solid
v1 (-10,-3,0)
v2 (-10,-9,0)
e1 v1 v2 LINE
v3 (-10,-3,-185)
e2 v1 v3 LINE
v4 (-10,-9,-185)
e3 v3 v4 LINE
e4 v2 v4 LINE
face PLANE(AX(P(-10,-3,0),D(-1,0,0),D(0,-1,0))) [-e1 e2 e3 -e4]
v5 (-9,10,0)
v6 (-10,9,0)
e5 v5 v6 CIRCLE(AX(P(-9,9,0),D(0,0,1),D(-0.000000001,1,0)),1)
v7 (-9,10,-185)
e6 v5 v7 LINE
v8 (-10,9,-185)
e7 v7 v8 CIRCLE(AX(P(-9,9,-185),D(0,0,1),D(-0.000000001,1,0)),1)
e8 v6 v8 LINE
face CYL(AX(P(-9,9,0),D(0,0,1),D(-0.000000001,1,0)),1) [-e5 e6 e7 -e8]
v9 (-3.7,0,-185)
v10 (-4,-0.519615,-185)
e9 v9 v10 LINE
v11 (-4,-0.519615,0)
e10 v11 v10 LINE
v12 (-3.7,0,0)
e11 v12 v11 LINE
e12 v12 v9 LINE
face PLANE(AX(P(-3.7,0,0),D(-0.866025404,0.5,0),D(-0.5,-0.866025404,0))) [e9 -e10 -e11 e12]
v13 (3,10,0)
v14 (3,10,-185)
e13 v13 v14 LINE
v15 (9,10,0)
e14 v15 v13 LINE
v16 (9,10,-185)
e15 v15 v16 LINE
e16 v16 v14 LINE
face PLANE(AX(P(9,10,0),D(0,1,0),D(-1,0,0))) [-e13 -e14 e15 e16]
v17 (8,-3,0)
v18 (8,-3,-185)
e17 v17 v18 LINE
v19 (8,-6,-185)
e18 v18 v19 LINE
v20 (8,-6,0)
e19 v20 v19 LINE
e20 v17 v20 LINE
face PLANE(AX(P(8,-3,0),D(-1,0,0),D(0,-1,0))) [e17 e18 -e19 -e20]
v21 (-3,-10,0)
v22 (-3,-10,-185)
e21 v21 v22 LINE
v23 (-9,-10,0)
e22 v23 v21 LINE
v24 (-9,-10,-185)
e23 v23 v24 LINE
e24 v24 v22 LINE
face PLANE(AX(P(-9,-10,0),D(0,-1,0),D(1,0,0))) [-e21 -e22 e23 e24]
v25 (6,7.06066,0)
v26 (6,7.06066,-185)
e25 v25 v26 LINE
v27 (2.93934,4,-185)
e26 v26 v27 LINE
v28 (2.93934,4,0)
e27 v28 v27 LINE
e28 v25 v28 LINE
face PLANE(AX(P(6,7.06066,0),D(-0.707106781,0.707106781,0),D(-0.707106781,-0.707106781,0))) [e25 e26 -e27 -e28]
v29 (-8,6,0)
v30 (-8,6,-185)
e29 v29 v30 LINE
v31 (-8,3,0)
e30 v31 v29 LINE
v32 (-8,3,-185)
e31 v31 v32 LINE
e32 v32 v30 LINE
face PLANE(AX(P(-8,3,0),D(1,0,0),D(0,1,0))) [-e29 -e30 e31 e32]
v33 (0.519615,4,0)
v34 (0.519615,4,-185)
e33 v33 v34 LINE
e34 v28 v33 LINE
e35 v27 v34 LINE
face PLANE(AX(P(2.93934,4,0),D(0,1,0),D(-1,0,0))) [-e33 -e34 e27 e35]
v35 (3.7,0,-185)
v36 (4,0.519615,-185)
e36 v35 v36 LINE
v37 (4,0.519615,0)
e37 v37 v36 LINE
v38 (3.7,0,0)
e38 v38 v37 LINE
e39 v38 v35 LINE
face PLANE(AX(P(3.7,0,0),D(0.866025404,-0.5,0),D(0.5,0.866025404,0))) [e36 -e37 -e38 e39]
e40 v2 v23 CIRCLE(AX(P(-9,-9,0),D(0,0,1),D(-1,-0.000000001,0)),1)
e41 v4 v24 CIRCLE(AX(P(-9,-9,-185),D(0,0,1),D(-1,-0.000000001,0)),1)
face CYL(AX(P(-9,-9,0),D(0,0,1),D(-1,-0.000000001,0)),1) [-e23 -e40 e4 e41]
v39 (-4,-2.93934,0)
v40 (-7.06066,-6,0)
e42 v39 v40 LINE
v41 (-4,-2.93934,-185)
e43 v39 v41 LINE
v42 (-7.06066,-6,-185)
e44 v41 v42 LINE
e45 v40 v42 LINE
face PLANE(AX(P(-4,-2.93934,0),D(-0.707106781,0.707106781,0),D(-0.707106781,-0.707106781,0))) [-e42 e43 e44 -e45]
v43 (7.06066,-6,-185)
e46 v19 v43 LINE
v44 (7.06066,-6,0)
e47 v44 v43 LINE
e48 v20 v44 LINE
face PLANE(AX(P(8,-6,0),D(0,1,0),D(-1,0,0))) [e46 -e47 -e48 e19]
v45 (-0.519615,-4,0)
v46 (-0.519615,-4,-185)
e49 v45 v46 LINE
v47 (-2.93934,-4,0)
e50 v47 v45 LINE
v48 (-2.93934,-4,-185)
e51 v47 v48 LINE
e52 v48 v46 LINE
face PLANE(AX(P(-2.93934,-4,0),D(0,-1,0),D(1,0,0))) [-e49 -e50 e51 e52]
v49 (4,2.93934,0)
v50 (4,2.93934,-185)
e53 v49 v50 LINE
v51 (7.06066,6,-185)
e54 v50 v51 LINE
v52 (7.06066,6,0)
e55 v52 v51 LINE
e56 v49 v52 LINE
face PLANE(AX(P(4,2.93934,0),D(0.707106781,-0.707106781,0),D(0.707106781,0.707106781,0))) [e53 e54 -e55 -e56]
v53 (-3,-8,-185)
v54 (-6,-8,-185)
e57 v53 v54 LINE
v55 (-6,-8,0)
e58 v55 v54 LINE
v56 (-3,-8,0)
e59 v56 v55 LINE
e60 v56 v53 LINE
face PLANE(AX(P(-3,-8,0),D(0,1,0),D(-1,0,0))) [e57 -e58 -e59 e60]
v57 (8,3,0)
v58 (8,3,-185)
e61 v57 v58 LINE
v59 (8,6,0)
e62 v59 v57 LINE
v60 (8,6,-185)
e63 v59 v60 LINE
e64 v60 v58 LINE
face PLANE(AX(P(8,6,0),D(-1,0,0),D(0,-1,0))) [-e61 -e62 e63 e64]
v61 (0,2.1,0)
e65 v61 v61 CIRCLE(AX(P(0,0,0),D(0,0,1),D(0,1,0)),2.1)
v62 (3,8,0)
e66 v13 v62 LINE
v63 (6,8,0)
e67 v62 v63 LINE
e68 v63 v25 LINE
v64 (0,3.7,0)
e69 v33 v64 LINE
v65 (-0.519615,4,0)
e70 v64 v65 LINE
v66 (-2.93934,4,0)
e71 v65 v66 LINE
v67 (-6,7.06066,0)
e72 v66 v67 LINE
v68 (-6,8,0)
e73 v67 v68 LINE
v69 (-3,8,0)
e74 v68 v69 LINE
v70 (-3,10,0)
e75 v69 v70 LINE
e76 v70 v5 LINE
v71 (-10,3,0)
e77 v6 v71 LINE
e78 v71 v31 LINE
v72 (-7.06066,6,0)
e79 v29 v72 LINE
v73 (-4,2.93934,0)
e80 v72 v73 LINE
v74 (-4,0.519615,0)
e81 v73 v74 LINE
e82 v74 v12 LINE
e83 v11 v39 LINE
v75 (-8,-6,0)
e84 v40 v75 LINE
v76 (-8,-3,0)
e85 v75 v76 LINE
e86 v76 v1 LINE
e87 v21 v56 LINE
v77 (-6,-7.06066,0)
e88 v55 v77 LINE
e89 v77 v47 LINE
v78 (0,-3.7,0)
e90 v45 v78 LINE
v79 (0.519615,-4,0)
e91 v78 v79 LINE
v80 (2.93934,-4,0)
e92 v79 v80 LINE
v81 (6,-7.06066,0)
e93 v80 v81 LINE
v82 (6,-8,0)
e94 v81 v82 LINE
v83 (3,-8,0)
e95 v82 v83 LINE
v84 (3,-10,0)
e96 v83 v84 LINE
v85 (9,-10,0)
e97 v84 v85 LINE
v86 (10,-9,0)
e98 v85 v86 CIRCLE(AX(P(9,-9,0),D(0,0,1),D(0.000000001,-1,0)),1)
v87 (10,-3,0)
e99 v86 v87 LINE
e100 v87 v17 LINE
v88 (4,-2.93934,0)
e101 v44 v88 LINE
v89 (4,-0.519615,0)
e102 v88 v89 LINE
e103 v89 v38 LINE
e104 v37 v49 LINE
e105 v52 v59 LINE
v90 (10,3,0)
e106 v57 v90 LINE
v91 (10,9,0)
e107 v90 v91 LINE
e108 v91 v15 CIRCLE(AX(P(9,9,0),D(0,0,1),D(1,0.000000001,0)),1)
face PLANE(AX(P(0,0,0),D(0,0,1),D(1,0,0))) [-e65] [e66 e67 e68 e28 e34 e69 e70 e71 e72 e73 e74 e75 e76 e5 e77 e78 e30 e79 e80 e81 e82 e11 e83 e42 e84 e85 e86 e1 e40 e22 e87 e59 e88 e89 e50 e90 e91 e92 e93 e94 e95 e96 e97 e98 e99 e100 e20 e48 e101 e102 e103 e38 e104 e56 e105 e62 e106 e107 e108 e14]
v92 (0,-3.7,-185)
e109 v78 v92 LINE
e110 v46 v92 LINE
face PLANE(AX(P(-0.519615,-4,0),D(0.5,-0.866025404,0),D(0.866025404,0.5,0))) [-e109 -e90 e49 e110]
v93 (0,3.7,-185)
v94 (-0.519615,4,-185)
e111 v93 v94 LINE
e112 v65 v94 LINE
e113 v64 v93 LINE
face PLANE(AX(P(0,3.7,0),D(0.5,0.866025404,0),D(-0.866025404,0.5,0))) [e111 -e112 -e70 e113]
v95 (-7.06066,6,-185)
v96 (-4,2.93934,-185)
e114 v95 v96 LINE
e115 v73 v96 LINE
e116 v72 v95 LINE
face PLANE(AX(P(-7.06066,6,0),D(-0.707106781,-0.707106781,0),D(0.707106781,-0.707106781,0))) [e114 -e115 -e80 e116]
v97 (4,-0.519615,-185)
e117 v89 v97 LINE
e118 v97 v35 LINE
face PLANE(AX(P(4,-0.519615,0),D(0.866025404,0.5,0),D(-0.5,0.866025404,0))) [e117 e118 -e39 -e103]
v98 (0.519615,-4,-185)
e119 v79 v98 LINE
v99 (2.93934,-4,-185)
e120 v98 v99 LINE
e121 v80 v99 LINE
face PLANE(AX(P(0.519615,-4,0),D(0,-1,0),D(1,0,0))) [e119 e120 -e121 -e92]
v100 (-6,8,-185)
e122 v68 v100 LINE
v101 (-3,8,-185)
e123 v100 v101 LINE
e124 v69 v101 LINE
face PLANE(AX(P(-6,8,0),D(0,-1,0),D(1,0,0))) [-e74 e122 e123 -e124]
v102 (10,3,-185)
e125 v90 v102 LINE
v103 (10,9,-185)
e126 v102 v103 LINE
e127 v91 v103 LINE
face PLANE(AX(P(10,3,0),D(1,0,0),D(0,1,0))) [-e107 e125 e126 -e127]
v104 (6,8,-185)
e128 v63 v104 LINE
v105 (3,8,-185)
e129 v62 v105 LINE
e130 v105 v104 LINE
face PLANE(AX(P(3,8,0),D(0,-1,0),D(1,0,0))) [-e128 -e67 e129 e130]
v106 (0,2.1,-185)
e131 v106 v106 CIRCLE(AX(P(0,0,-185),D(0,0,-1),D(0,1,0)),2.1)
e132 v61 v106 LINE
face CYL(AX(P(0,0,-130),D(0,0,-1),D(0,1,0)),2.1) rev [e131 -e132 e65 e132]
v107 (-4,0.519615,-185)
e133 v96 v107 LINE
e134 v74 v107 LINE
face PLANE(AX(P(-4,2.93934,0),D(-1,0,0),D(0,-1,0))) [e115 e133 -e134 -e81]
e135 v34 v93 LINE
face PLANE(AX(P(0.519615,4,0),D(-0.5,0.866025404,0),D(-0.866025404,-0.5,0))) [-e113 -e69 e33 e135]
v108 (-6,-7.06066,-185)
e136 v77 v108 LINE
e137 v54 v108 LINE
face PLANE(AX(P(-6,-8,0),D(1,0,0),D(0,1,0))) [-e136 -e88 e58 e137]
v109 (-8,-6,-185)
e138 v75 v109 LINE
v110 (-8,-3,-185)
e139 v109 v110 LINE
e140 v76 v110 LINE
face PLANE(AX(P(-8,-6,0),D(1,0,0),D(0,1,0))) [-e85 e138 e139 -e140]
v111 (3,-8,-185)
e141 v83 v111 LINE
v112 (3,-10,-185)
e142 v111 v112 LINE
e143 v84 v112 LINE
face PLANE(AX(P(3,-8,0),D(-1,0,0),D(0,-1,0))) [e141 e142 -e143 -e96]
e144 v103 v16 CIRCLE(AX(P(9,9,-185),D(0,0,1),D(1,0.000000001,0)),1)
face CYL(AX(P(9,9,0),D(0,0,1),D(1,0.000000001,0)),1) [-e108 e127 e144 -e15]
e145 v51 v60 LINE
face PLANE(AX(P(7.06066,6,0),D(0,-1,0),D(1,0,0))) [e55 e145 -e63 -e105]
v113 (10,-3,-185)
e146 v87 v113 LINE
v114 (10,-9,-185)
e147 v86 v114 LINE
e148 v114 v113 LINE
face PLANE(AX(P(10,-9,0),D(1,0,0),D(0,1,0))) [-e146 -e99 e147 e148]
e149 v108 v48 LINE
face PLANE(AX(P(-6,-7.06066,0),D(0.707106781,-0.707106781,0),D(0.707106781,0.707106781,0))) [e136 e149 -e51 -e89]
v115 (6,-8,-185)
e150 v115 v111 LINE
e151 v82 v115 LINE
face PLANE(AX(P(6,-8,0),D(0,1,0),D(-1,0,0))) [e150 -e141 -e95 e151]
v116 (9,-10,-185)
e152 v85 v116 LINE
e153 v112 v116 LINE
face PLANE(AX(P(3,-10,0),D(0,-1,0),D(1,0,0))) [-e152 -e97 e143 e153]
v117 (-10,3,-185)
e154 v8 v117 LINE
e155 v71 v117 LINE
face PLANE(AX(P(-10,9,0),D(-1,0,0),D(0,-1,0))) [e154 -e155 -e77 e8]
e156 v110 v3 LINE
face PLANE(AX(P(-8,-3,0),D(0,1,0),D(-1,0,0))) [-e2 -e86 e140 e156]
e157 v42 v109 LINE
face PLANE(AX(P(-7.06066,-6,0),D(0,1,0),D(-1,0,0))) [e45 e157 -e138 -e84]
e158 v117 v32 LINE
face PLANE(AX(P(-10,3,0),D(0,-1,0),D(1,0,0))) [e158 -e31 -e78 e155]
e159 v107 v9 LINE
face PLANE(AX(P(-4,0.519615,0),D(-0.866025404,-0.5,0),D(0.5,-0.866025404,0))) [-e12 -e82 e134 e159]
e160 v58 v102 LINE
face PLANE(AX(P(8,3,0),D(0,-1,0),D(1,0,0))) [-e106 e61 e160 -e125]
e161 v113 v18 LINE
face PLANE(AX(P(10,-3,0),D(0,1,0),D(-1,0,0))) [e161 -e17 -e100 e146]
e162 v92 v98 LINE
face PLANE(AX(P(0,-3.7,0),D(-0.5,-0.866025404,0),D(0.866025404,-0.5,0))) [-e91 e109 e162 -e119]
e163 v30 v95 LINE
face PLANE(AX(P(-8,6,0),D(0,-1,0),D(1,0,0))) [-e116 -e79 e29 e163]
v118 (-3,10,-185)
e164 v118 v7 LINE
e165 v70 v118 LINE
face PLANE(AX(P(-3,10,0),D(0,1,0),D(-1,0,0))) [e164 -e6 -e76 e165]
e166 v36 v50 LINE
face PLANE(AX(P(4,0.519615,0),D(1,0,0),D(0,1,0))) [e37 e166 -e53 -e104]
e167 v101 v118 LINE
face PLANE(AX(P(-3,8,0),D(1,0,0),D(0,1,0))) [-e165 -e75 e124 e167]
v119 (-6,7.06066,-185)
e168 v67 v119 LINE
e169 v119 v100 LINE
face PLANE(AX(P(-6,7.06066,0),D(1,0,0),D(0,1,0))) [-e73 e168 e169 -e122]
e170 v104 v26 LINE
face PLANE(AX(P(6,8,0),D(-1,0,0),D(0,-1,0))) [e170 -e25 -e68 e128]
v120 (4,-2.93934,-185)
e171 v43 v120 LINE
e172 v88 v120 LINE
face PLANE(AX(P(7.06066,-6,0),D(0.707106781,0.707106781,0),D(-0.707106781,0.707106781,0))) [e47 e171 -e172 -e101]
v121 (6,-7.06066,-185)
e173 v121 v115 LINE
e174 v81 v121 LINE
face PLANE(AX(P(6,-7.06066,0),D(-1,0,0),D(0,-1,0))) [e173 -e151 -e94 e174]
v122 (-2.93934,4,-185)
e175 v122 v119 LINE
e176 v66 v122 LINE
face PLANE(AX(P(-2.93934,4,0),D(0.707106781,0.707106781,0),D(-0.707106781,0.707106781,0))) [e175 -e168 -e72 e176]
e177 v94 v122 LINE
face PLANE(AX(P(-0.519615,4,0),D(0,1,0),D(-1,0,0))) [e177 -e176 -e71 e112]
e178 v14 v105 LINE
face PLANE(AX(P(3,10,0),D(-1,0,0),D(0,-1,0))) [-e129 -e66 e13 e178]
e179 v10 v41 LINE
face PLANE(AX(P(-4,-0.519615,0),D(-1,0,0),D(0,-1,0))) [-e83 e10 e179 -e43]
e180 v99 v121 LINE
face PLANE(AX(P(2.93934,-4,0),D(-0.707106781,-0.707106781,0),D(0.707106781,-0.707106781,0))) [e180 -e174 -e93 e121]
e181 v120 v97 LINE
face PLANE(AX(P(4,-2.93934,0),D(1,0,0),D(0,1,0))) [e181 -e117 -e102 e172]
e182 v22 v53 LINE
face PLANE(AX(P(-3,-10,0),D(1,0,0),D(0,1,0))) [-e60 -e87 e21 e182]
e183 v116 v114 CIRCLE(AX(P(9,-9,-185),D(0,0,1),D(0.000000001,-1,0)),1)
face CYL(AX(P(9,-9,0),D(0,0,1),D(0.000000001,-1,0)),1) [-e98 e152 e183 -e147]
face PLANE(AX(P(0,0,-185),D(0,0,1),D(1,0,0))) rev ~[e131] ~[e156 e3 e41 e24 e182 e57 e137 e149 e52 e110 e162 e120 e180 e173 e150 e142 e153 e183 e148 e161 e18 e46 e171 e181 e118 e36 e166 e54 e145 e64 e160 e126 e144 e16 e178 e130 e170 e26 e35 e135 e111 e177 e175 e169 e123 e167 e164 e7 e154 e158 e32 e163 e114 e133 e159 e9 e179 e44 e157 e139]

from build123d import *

# Parameters (mm, degrees)
EXTRUDE_1_DEPTH = 185
SKETCH_2_W      = 260
SKETCH_2_H      = 2.1


with BuildPart() as part:
    # ｽｹｯﾁ1 → ﾎﾞｽ - 押し出し1 (new body)
    with BuildSketch(Plane.XY):
        with BuildLine():
            Line((-10, -3), (-10, -9))
            ThreePointArc((-10, -9), (-9.707106781, -9.707106781), (-9, -10))
            Line((-9, -10), (-3, -10))
            Line((-3, -10), (-3, -8))
            Line((-3, -8), (-6, -8))
            Line((-6, -8), (-6, -7.060660172))
            Line((-6, -7.060660172), (-2.939339828, -4))
            Line((-2.939339828, -4), (-0.519615242, -4))
            Line((-0.519615242, -4), (0, -3.7))
            Line((0, -3.7), (0.519615242, -4))
            Line((0.519615242, -4), (2.939339828, -4))
            Line((2.939339828, -4), (6, -7.060660172))
            Line((6, -7.060660172), (6, -8))
            Line((6, -8), (3, -8))
            Line((3, -8), (3, -10))
            Line((3, -10), (9, -10))
            ThreePointArc((9, -10), (9.707106781, -9.707106781), (10, -9))
            Line((10, -9), (10, -3))
            Line((10, -3), (8, -3))
            Line((8, -3), (8, -6))
            Line((8, -6), (7.060660172, -6))
            Line((7.060660172, -6), (4, -2.939339828))
            Line((4, -2.939339828), (4, -0.519615242))
            Line((4, -0.519615242), (3.7, 0))
            Line((3.7, 0), (4, 0.519615242))
            Line((4, 0.519615242), (4, 2.939339828))
            Line((4, 2.939339828), (7.060660172, 6))
            Line((7.060660172, 6), (8, 6))
            Line((8, 6), (8, 3))
            Line((8, 3), (10, 3))
            Line((10, 3), (10, 9))
            ThreePointArc((10, 9), (9.707106781, 9.707106781), (9, 10))
            Line((9, 10), (3, 10))
            Line((3, 10), (3, 8))
            Line((3, 8), (6, 8))
            Line((6, 8), (6, 7.060660172))
            Line((6, 7.060660172), (2.939339828, 4))
            Line((2.939339828, 4), (0.519615242, 4))
            Line((0.519615242, 4), (0, 3.7))
            Line((0, 3.7), (-0.519615242, 4))
            Line((-0.519615242, 4), (-2.939339828, 4))
            Line((-2.939339828, 4), (-6, 7.060660172))
            Line((-6, 7.060660172), (-6, 8))
            Line((-6, 8), (-3, 8))
            Line((-3, 8), (-3, 10))
            Line((-3, 10), (-9, 10))
            ThreePointArc((-9, 10), (-9.707106781, 9.707106781), (-10, 9))
            Line((-10, 9), (-10, 3))
            Line((-10, 3), (-8, 3))
            Line((-8, 3), (-8, 6))
            Line((-8, 6), (-7.060660172, 6))
            Line((-7.060660172, 6), (-4, 2.939339828))
            Line((-4, 2.939339828), (-4, 0.519615242))
            Line((-4, 0.519615242), (-3.7, 0))
            Line((-3.7, 0), (-4, -0.519615242))
            Line((-4, -0.519615242), (-4, -2.939339828))
            Line((-4, -2.939339828), (-7.060660172, -6))
            Line((-7.060660172, -6), (-8, -6))
            Line((-8, -6), (-8, -3))
            Line((-8, -3), (-10, -3))
        make_face()
    extrude(amount=-EXTRUDE_1_DEPTH)

    # ｽｹｯﾁ2 → ｶｯﾄ - 回転1 (revolve, cut)
    with BuildSketch(Plane(origin=(0, 0, 0), x_dir=(0, 0, -1), z_dir=(1, 0, 0))):
        with Locations((130, 1.05)):
            Rectangle(SKETCH_2_W, SKETCH_2_H)
    revolve(axis=Axis((0, 0, -260), (0, 0, 1)), mode=Mode.SUBTRACT)


solid = part.part
